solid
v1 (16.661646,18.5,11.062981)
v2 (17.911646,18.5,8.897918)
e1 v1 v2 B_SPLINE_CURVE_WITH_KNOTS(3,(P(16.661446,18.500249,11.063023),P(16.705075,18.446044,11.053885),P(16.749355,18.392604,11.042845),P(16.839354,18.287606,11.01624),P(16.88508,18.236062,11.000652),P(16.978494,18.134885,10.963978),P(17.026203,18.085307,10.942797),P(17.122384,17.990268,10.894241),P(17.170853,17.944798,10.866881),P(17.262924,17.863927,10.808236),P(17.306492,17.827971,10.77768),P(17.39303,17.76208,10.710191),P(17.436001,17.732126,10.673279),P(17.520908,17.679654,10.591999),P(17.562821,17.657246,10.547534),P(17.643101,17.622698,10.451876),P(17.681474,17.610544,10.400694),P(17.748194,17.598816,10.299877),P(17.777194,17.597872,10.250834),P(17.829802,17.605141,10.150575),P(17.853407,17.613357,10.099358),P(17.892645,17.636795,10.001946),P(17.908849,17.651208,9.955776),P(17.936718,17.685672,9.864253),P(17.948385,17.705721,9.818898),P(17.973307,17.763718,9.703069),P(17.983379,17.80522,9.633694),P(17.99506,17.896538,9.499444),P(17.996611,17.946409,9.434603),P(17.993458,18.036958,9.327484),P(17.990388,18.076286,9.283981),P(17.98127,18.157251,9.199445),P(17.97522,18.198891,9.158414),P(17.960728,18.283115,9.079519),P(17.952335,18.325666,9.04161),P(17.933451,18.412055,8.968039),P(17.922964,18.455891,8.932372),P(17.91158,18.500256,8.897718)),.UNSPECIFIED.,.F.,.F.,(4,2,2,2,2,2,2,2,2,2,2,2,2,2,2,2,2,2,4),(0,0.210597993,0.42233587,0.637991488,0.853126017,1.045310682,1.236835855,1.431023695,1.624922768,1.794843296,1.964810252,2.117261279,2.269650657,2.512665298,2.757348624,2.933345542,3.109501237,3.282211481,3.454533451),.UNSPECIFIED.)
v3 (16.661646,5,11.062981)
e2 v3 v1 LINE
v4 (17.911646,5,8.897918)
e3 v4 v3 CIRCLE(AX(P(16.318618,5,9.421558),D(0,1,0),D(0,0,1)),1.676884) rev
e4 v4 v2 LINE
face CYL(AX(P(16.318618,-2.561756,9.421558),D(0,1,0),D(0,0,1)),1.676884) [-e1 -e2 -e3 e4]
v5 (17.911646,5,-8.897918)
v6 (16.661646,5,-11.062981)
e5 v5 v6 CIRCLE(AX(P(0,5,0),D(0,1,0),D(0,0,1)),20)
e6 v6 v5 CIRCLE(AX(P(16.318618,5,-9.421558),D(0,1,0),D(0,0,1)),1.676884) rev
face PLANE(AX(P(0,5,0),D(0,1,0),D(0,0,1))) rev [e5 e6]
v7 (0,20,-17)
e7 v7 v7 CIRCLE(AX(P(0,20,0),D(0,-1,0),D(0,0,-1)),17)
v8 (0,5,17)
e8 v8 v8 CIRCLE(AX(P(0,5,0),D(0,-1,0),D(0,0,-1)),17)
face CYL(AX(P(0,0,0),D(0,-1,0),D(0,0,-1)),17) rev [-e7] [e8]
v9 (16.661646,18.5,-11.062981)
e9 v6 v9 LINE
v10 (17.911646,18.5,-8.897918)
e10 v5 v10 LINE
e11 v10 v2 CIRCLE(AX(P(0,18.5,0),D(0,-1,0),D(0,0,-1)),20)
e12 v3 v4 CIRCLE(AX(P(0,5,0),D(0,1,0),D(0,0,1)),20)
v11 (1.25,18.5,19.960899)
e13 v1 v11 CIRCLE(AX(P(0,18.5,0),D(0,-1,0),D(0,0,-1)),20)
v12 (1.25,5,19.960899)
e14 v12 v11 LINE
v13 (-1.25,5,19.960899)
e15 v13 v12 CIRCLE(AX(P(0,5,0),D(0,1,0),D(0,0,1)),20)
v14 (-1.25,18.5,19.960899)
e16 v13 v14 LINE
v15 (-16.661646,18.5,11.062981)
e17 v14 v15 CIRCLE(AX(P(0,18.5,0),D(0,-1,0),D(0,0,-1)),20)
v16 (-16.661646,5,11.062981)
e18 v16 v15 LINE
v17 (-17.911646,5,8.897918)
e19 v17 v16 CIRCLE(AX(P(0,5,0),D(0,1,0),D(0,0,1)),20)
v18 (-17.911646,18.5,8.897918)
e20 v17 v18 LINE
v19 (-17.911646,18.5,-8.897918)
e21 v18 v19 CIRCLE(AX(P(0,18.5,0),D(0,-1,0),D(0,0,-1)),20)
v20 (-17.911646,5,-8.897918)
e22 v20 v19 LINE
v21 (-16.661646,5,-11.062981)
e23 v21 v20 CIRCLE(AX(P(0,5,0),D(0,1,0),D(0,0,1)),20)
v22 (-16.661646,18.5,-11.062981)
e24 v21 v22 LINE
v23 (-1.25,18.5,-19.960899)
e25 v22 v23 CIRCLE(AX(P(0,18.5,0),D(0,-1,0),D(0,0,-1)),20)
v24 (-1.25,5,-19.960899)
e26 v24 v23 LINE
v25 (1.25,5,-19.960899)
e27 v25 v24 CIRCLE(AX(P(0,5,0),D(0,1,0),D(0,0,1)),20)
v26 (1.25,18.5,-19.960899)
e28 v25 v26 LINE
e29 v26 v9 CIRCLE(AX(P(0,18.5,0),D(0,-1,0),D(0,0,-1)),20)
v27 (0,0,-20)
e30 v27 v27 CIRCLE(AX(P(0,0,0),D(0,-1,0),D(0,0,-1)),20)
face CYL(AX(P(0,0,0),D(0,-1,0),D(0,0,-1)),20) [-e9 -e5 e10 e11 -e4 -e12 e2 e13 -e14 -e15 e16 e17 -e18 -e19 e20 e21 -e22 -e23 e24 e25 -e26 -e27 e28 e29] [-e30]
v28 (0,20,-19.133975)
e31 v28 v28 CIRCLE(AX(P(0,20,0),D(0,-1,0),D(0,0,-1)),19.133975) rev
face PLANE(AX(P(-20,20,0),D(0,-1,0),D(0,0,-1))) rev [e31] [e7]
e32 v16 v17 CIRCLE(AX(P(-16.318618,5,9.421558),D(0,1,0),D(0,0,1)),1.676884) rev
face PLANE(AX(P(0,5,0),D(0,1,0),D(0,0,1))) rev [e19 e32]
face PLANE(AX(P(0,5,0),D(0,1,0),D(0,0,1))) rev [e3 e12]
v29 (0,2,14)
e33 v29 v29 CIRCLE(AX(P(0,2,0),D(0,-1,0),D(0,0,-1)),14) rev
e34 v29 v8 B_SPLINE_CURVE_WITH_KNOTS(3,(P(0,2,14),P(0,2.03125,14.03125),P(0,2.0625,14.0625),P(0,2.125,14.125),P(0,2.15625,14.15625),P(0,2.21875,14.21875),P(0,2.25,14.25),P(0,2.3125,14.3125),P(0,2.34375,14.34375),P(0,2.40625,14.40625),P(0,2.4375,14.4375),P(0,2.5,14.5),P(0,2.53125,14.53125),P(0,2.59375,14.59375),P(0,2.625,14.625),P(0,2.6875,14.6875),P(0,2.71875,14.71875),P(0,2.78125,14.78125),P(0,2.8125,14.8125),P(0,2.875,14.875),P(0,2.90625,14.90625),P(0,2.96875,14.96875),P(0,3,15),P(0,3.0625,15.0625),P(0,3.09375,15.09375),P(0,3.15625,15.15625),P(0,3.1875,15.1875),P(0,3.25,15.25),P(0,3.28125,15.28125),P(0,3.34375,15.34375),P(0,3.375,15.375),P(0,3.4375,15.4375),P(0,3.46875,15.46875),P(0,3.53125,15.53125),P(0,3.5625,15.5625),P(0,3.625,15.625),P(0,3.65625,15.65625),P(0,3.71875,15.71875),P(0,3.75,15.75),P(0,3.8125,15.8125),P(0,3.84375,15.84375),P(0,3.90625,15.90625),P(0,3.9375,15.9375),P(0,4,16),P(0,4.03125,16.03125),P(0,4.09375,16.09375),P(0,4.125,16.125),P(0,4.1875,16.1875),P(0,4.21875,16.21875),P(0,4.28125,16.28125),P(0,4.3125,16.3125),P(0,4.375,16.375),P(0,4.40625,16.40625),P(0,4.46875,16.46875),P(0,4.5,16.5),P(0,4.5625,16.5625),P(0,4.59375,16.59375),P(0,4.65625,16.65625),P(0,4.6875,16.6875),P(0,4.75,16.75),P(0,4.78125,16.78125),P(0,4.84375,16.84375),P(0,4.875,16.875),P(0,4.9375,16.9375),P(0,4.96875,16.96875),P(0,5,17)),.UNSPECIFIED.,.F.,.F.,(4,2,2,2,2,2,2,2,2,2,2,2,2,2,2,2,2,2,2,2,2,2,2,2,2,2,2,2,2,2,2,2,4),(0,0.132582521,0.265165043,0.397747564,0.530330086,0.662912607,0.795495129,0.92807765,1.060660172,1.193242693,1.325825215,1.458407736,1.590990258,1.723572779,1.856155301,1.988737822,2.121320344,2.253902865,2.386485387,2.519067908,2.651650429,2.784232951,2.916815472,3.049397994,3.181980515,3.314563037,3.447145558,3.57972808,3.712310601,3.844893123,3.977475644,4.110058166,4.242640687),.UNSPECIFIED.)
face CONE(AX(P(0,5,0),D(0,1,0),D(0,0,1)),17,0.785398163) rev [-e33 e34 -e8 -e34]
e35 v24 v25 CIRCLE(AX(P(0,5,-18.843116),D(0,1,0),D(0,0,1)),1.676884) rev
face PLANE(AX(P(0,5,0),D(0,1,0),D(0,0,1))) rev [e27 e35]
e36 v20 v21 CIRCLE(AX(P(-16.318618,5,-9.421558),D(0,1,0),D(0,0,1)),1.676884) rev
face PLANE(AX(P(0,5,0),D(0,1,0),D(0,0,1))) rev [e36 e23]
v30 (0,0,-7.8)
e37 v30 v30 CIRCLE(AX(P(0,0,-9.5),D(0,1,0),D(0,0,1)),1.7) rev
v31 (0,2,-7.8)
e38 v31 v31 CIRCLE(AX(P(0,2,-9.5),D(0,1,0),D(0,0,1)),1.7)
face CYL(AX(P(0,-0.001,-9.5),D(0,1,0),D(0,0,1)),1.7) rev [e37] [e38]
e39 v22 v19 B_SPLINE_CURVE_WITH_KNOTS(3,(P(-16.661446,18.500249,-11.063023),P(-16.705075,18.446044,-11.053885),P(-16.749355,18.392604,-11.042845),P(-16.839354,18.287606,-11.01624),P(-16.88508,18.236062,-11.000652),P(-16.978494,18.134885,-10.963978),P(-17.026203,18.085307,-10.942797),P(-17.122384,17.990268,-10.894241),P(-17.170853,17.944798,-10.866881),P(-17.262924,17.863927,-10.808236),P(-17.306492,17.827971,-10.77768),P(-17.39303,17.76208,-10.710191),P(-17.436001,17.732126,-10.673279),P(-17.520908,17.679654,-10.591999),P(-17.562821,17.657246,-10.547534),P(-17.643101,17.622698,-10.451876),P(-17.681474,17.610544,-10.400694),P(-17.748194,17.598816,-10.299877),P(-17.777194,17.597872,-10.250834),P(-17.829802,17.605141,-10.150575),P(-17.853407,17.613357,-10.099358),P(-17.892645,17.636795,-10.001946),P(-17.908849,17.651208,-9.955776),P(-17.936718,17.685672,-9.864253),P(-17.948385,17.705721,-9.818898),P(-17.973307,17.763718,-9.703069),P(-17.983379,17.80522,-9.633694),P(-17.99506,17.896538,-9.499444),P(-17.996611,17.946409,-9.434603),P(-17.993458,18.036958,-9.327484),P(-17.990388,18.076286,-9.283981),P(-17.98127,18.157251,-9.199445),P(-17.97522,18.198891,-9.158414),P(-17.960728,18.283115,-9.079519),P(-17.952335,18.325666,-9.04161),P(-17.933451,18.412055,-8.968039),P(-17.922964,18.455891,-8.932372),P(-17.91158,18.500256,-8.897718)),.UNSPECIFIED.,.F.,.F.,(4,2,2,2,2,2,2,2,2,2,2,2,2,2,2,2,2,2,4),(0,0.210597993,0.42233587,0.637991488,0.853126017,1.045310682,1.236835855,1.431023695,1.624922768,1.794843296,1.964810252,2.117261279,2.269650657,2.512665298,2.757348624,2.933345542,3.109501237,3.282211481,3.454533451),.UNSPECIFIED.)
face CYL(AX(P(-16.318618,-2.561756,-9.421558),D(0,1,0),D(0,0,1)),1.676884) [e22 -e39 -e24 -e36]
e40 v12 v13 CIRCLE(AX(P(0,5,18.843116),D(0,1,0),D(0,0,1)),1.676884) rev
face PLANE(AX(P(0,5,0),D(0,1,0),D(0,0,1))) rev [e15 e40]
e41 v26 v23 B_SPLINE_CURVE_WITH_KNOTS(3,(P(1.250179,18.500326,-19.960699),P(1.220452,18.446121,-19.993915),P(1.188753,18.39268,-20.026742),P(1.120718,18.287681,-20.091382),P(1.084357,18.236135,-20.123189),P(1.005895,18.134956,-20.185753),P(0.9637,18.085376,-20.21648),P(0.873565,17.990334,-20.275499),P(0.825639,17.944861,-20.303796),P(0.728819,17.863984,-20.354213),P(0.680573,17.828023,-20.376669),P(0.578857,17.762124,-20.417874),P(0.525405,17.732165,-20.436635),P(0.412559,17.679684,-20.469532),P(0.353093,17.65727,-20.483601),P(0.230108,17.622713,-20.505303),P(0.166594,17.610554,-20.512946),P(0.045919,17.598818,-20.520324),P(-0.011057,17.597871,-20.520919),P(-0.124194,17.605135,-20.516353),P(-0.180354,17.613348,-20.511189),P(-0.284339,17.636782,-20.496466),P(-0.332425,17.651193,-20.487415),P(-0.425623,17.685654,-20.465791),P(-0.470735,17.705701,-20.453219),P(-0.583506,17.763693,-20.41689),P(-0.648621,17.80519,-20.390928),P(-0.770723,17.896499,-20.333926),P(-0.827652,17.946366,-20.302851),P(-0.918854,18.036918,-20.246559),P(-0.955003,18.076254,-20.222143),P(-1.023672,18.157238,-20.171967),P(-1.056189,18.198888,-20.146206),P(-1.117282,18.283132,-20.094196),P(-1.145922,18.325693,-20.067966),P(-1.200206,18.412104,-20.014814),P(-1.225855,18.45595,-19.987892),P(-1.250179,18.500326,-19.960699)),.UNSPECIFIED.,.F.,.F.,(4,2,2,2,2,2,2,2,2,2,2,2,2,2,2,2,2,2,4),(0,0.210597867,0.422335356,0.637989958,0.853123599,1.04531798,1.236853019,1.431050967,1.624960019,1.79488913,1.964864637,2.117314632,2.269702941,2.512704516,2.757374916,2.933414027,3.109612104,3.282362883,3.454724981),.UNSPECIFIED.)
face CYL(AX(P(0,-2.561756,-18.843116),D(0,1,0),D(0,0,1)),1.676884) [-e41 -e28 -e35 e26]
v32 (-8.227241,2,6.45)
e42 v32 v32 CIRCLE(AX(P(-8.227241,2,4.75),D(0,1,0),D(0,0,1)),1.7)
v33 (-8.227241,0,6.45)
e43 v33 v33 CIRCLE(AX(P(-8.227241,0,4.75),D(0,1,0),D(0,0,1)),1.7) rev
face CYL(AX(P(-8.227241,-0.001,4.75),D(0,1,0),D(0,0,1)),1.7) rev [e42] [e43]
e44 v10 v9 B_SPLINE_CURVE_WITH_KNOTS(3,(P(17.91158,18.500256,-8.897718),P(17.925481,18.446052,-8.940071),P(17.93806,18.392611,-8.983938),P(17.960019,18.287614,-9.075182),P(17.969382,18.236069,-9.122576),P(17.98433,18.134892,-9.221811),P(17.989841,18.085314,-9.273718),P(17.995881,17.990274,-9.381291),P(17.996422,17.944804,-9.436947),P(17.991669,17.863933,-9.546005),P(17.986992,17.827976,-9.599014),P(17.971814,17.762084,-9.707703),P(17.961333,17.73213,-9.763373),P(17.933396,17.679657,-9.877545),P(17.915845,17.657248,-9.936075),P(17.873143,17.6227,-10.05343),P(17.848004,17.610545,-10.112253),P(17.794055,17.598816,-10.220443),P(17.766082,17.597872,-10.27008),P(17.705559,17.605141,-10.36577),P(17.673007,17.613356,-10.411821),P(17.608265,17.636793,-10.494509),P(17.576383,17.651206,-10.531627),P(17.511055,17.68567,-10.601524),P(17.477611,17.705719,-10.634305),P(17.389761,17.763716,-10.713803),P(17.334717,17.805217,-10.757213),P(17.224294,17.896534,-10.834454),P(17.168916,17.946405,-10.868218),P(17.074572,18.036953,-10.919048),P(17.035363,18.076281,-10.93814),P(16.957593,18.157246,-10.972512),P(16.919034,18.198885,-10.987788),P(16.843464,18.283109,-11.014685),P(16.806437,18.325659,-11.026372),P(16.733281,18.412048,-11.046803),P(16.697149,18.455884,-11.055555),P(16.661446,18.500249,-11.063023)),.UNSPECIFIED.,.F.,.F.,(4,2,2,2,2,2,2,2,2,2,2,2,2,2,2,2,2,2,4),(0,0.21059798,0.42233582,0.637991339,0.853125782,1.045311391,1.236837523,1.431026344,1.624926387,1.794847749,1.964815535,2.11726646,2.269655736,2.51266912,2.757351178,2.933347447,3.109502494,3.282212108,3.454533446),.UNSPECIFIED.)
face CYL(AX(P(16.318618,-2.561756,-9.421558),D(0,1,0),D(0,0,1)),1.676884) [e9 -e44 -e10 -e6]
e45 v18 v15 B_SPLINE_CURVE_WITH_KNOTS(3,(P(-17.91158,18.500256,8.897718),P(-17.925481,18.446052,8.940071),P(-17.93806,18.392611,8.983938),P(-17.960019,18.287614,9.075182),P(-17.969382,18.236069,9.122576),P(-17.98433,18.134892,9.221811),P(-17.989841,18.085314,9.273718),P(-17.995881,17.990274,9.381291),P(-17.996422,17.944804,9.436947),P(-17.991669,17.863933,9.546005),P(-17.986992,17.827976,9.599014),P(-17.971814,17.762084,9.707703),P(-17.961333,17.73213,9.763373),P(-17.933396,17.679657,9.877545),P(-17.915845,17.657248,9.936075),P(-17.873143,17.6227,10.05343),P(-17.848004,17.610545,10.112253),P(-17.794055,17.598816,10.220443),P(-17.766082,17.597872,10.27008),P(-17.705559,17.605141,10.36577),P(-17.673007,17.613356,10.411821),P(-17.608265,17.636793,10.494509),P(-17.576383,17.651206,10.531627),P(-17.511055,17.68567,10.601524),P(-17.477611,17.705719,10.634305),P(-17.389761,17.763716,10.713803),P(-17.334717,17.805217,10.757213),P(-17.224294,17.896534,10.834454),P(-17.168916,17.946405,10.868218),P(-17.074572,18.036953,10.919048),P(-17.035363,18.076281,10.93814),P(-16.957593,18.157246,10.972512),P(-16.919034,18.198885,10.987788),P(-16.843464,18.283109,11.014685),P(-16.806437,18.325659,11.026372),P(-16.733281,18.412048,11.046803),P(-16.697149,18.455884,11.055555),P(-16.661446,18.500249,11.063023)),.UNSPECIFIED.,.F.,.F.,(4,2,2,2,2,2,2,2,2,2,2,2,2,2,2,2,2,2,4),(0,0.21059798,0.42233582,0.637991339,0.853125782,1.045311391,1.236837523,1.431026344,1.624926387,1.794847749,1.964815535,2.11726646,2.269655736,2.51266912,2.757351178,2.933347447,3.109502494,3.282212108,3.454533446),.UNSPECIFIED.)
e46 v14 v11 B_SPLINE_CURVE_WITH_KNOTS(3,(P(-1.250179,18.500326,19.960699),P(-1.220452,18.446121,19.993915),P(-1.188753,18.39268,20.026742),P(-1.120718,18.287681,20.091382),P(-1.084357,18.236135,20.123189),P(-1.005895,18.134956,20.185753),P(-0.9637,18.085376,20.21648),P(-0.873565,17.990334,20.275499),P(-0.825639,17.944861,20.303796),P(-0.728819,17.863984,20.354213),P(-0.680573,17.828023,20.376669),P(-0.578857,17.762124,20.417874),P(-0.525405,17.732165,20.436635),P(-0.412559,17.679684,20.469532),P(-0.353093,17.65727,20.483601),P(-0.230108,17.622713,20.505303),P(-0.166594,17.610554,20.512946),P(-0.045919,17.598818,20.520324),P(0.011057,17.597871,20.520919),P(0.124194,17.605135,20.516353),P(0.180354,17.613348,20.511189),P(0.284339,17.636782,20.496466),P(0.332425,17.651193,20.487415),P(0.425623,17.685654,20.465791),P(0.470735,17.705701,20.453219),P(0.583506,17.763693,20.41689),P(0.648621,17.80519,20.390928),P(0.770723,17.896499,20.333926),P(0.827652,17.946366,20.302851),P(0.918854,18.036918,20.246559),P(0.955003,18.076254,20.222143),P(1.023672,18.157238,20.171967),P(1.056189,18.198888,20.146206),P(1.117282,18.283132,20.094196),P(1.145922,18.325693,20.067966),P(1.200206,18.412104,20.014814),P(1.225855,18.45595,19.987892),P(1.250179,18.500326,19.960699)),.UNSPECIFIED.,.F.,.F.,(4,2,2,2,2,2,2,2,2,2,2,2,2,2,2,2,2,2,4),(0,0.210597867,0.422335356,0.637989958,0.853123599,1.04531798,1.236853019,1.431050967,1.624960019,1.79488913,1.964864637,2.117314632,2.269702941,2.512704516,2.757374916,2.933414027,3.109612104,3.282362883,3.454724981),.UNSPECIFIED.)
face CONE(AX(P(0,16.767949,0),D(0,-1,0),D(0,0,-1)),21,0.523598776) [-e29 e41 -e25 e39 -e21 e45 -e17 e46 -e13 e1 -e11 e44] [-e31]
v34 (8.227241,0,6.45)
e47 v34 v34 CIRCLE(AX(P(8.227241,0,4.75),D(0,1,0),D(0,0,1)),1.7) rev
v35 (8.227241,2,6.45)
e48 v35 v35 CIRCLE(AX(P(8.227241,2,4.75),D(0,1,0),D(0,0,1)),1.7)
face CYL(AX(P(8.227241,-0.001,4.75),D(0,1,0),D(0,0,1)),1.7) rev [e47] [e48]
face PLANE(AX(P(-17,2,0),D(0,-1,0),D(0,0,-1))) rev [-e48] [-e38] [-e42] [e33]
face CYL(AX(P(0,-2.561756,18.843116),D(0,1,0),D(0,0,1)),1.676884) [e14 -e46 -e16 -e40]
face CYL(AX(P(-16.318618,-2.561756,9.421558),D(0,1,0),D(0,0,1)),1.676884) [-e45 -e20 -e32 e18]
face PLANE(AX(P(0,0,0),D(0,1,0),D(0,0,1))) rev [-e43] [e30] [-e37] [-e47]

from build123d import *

# Parameters (mm, degrees)
BOSS_EXTRUDE1_DEPTH = 15
CUT_EXTRUDE1_REACH  = 35.839
SKETCH5_R           = 1.7
CHAMFER1_SIZE       = 3


with BuildPart() as part:
    # Sketch2 → Revolve1 (revolve)
    with BuildSketch(Plane.XY, mode=Mode.PRIVATE) as revolve1_sk:
        Polygon((0, 0), (-20, 0), (-20, 20), (-17, 20), (-17, 2), (0, 2), align=None)
    revolve(revolve1_sk.sketch.rotate(Axis((0, 0, 0), (0, 1, 0)), 270), axis=Axis((0, 0, 0), (0, 1, 0)))

    # Sketch3 → Boss-Extrude1 (add)
    with BuildSketch(Plane(origin=(0, 20, 0), x_dir=(1, 0, 0), z_dir=(0, 1, 0))):
        with BuildLine():
            ThreePointArc((-1.25, 19.960899278), (0, 20.52), (1.25, 19.960899278))
            ThreePointArc((1.25, 19.960899278), (0, 20), (-1.25, 19.960899278))
        make_face()
        with BuildLine():
            ThreePointArc((16.661645857, 11.062981394), (17.320508076, 10), (17.911645857, 8.897917884))
            ThreePointArc((17.911645857, 8.897917884), (17.770841286, 10.26), (16.661645857, 11.062981394))
        make_face()
        with BuildLine():
            ThreePointArc((17.911645857, -8.897917884), (17.320508076, -10), (16.661645857, -11.062981394))
            ThreePointArc((16.661645857, -11.062981394), (17.770841286, -10.26), (17.911645857, -8.897917884))
        make_face()
        with BuildLine():
            ThreePointArc((1.25, -19.960899278), (0, -20), (-1.25, -19.960899278))
            ThreePointArc((-1.25, -19.960899278), (0, -20.52), (1.25, -19.960899278))
        make_face()
        with BuildLine():
            ThreePointArc((-16.661645857, -11.062981394), (-17.320508076, -10), (-17.911645857, -8.897917884))
            ThreePointArc((-17.911645857, -8.897917884), (-17.770841286, -10.26), (-16.661645857, -11.062981394))
        make_face()
        with BuildLine():
            ThreePointArc((-17.911645857, 8.897917884), (-17.320508076, 10), (-16.661645857, 11.062981394))
            ThreePointArc((-16.661645857, 11.062981394), (-17.770841286, 10.26), (-17.911645857, 8.897917884))
        make_face()
    extrude(amount=-BOSS_EXTRUDE1_DEPTH)

    # Sketch4 → Cut-Revolve1 (revolve, cut)
    with BuildSketch(Plane.XY, mode=Mode.PRIVATE) as cut_revolve1_sk:
        Polygon((-21, 16.767949192), (-18.556624327, 21), (-21, 21), align=None)
    revolve(cut_revolve1_sk.sketch.rotate(Axis((0, 20, 0), (0, -1, 0)), 90), axis=Axis((0, 20, 0), (0, -1, 0)), mode=Mode.SUBTRACT)

    # Sketch5 → Cut-Extrude1 (cut, up to next)
    with BuildSketch(Plane(origin=(0, 2, 0), x_dir=(1, 0, 0), z_dir=(0, 1, 0)), mode=Mode.PRIVATE) as cut_extrude1_sk1:
        with Locations(Location((0, 9.5, 0), (0, 0, 270))):
            Circle(SKETCH5_R)
    cut_extrude1_tool1 = extrude(cut_extrude1_sk1.sketch, amount=-CUT_EXTRUDE1_REACH, mode=Mode.PRIVATE) & part.part
    # Sketch5 → Cut-Extrude1 (cut, up to next)
    with BuildSketch(Plane(origin=(0, 2, 0), x_dir=(1, 0, 0), z_dir=(0, 1, 0)), mode=Mode.PRIVATE) as cut_extrude1_sk2:
        with Locations(Location((8.227241336, -4.75, 0), (0, 0, 270))):
            Circle(SKETCH5_R)
    cut_extrude1_tool2 = extrude(cut_extrude1_sk2.sketch, amount=-CUT_EXTRUDE1_REACH, mode=Mode.PRIVATE) & part.part
    # Sketch5 → Cut-Extrude1 (cut, up to next)
    with BuildSketch(Plane(origin=(0, 2, 0), x_dir=(1, 0, 0), z_dir=(0, 1, 0)), mode=Mode.PRIVATE) as cut_extrude1_sk3:
        with Locations(Location((-8.227241336, -4.75, 0), (0, 0, 270))):
            Circle(SKETCH5_R)
    cut_extrude1_tool3 = extrude(cut_extrude1_sk3.sketch, amount=-CUT_EXTRUDE1_REACH, mode=Mode.PRIVATE) & part.part
    add(cut_extrude1_tool1.solids().sort_by_distance((0, 2, -9.5))[0], mode=Mode.SUBTRACT)
    add(cut_extrude1_tool2.solids().sort_by_distance((8.227241, 2, 4.75))[0], mode=Mode.SUBTRACT)
    add(cut_extrude1_tool3.solids().sort_by_distance((-8.227241, 2, 4.75))[0], mode=Mode.SUBTRACT)

    # Chamfer1
    chamfer1_edges = [part.edges().sort_by_distance(p)[0] for p in [
        (0, 2, 17),
    ]]
    chamfer(chamfer1_edges, length=CHAMFER1_SIZE)


solid = part.part
